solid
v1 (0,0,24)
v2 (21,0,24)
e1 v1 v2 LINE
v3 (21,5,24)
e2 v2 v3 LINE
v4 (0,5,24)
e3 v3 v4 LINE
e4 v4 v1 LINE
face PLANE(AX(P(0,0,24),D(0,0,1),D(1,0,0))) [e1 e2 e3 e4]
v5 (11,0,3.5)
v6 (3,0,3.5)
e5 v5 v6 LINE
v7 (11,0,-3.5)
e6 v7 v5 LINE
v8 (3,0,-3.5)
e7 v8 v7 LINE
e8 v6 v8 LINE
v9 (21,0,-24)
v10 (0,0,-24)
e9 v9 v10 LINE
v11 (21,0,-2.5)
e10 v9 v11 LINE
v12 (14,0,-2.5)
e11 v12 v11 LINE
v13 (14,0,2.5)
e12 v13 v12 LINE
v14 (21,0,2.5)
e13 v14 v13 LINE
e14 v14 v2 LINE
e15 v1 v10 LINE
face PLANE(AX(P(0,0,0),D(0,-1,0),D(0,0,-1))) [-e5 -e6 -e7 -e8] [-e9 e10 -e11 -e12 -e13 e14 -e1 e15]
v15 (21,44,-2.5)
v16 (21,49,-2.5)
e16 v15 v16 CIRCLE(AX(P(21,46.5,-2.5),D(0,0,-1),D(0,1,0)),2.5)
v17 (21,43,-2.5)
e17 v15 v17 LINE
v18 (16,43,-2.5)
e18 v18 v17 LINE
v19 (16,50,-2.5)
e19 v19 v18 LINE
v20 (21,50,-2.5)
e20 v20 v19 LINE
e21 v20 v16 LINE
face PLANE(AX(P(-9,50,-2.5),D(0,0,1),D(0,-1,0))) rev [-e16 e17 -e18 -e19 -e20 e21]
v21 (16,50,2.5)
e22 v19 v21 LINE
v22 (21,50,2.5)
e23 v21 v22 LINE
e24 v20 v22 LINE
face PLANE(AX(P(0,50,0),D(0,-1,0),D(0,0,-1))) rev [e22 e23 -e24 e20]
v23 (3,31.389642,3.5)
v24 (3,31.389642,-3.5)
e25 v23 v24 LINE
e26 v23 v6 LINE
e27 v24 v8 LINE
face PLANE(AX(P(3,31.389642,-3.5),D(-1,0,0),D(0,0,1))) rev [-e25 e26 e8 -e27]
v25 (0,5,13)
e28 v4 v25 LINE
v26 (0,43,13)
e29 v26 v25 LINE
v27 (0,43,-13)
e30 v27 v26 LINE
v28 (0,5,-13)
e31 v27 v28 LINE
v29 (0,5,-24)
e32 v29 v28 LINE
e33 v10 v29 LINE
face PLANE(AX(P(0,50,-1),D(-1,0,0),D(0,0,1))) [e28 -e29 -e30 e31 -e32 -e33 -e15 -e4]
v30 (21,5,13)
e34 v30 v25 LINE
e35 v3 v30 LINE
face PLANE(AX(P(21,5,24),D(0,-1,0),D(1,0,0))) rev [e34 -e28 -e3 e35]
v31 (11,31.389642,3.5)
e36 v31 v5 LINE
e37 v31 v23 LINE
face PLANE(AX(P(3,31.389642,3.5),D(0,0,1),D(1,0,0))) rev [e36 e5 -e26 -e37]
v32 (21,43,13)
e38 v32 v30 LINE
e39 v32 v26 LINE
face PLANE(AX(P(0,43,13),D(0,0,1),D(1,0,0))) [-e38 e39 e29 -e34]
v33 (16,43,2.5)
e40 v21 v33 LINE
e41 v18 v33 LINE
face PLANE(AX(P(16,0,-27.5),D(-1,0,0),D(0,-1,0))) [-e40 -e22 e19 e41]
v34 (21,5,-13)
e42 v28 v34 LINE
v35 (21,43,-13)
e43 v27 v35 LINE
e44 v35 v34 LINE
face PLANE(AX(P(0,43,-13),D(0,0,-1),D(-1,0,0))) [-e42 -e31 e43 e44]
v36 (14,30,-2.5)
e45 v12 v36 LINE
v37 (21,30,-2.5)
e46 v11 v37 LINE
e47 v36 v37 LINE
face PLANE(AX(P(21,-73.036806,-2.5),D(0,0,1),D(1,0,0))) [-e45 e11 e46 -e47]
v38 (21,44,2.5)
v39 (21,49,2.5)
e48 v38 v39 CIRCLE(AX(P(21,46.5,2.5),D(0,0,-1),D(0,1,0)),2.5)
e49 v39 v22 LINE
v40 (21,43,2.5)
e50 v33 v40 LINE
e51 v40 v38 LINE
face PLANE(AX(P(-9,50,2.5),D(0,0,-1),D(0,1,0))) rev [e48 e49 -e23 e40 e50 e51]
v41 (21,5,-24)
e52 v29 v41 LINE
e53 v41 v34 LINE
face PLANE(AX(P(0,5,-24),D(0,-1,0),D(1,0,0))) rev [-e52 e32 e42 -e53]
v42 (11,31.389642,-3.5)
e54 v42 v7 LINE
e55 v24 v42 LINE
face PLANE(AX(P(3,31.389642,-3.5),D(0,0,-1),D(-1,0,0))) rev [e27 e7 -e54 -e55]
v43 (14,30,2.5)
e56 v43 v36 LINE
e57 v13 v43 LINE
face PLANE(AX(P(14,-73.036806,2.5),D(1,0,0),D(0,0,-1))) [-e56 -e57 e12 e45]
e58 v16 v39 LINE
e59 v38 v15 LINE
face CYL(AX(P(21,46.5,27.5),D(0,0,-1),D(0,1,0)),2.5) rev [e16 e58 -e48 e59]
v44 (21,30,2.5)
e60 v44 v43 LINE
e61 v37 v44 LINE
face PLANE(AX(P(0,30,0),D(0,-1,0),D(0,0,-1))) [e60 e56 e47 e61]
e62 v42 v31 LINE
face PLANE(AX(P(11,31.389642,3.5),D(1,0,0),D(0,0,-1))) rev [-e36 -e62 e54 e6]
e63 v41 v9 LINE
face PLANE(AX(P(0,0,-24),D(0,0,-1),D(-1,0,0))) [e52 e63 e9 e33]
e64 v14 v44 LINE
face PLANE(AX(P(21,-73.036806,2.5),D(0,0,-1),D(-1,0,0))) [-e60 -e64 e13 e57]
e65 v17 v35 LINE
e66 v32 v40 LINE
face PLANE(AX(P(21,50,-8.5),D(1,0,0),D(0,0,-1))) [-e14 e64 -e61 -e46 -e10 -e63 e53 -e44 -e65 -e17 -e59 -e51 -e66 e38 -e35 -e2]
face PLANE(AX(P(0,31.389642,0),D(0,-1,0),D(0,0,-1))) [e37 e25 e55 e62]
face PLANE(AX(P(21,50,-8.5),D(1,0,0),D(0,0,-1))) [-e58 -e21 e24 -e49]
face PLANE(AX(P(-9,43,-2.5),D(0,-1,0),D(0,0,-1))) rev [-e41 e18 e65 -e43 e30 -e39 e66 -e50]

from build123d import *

# Parameters (mm, degrees)
EXTRUDE_1_DEPTH          = 50
SKETCH_3_W               = 8
SKETCH_3_H               = 7
CUT_EXTRUDE_1_DEPTH      = 31.389642439
CUT_EXTRUDE_2_DEPTH      = 55.893077888
CUT_EXTRUDE_2_DEPTH_BACK = 30
SKETCH_15_W              = 6
SKETCH_15_H              = 7
CUT_EXTRUDE_10_DEPTH     = 30
SKETCH_16_W              = 16
SKETCH_16_H              = 7
SKETCH_16_W_2            = 6.921662606
CUT_EXTRUDE_11_DEPTH     = 30
SKETCH_18_R              = 2.5
CUT_EXTRUDE_12_DEPTH     = 30
SKETCH_19_W              = 21
SKETCH_19_H              = 3
CUT_EXTRUDE_14_DEPTH     = 50
SKETCH_20_W              = 4
SKETCH_20_H              = 6.019641958
CUT_EXTRUDE_16_DEPTH     = 50
EXTRUDE_START            = -43
SKETCH_21_W              = 21
SKETCH_21_H              = 7.5
EXTRUDE_3_DEPTH          = 43
SKETCH_22_W              = 21
SKETCH_22_H              = 5
EXTRUDE_4_DEPTH          = 11
SKETCH_23_W              = 21
SKETCH_23_H              = 5
EXTRUDE_5_DEPTH          = 11


with BuildPart() as part:
    # 草图1 → 凸台-拉伸1 (new body)
    with BuildSketch(Plane(origin=(0, 0, 0), x_dir=(1, 0, 0), z_dir=(0, 1, 0))):
        Polygon((0, -8.5), (0, -1), (-2, -1), (-2, -3), (-4, -3), (-4, 3), (-2, 3), (-2, 1), (0, 1), (0, 8.5), (21, 8.5), (21, -8.5), align=None)
    extrude(amount=EXTRUDE_1_DEPTH)

    # 草图3 → 切除-拉伸1 (cut)
    with BuildSketch(Plane.XZ):
        with Locations((7, 0)):
            Rectangle(SKETCH_3_W, SKETCH_3_H)
    extrude(amount=-CUT_EXTRUDE_1_DEPTH, mode=Mode.SUBTRACT)

    # 草图6 → 切除-拉伸2 (cut, two sides: drawn at the far end of the back side and taken through both)
    with BuildSketch(Plane.XZ.offset(-CUT_EXTRUDE_2_DEPTH_BACK)):
        Polygon((21, -2.405859061), (21, 0), (21, 2.5), (14, 2.5), (14, -2.5), (21, -2.5), align=None)
    extrude(amount=CUT_EXTRUDE_2_DEPTH + CUT_EXTRUDE_2_DEPTH_BACK, mode=Mode.SUBTRACT)

    # 草图15 → 切除-拉伸10 (cut)
    with BuildSketch(Plane(origin=(21, 0, 0), x_dir=(0, 0, -1), z_dir=(1, 0, 0))):
        with Locations((-5.5, 46.5)):
            Rectangle(SKETCH_15_W, SKETCH_15_H)
        with Locations((5.5, 46.5)):
            Rectangle(SKETCH_15_W, SKETCH_15_H)
    extrude(amount=-CUT_EXTRUDE_10_DEPTH, mode=Mode.SUBTRACT)

    # 草图16 → 切除-拉伸11 (cut)
    with BuildSketch(Plane.XY.offset(2.5)):
        with Locations((8, 46.5)):
            Rectangle(SKETCH_16_W, SKETCH_16_H)
        with Locations((-3.460831303, 46.5)):
            Rectangle(SKETCH_16_W_2, SKETCH_16_H)
    extrude(amount=-CUT_EXTRUDE_11_DEPTH, mode=Mode.SUBTRACT)

    # 草图18 → 切除-拉伸12 (cut)
    with BuildSketch(Plane(origin=(0, 0, -2.5), x_dir=(-1, 0, 0), z_dir=(0, 0, -1))):
        with Locations((-21, 46.5)):
            Circle(SKETCH_18_R)
    extrude(amount=-CUT_EXTRUDE_12_DEPTH, mode=Mode.SUBTRACT)

    # 草图19 → 切除-拉伸14 (cut)
    with BuildSketch(Plane(origin=(0, 0, 0), x_dir=(-1, 0, 0), z_dir=(0, -1, 0))):
        with Locations((-10.5, -7)):
            Rectangle(SKETCH_19_W, SKETCH_19_H)
        with Locations((-10.5, 7)):
            Rectangle(SKETCH_19_W, SKETCH_19_H)
    extrude(amount=-CUT_EXTRUDE_14_DEPTH, mode=Mode.SUBTRACT)

    # 草图20 → 切除-拉伸16 (cut)
    with BuildSketch(Plane.XZ):
        with Locations((-2, -0.009820979)):
            Rectangle(SKETCH_20_W, SKETCH_20_H)
    extrude(amount=-CUT_EXTRUDE_16_DEPTH, mode=Mode.SUBTRACT)

    # 草图21 → 凸台-拉伸3 (add)
    with BuildSketch(Plane.XZ.offset(EXTRUDE_START)):
        with Locations((10.5, -9.25)):
            Rectangle(SKETCH_21_W, SKETCH_21_H)
        with Locations((10.5, 9.25)):
            Rectangle(SKETCH_21_W, SKETCH_21_H)
    extrude(amount=EXTRUDE_3_DEPTH)

    # 草图22 → 凸台-拉伸4 (add)
    with BuildSketch(Plane.XY.offset(13)):
        with Locations((10.5, 2.5)):
            Rectangle(SKETCH_22_W, SKETCH_22_H)
    extrude(amount=EXTRUDE_4_DEPTH)

    # 草图23 → 凸台-拉伸5 (add)
    with BuildSketch(Plane(origin=(0, 0, -13), x_dir=(-1, 0, 0), z_dir=(0, 0, -1))):
        with Locations((-10.5, 2.5)):
            Rectangle(SKETCH_23_W, SKETCH_23_H)
    extrude(amount=EXTRUDE_5_DEPTH)


solid = part.part
